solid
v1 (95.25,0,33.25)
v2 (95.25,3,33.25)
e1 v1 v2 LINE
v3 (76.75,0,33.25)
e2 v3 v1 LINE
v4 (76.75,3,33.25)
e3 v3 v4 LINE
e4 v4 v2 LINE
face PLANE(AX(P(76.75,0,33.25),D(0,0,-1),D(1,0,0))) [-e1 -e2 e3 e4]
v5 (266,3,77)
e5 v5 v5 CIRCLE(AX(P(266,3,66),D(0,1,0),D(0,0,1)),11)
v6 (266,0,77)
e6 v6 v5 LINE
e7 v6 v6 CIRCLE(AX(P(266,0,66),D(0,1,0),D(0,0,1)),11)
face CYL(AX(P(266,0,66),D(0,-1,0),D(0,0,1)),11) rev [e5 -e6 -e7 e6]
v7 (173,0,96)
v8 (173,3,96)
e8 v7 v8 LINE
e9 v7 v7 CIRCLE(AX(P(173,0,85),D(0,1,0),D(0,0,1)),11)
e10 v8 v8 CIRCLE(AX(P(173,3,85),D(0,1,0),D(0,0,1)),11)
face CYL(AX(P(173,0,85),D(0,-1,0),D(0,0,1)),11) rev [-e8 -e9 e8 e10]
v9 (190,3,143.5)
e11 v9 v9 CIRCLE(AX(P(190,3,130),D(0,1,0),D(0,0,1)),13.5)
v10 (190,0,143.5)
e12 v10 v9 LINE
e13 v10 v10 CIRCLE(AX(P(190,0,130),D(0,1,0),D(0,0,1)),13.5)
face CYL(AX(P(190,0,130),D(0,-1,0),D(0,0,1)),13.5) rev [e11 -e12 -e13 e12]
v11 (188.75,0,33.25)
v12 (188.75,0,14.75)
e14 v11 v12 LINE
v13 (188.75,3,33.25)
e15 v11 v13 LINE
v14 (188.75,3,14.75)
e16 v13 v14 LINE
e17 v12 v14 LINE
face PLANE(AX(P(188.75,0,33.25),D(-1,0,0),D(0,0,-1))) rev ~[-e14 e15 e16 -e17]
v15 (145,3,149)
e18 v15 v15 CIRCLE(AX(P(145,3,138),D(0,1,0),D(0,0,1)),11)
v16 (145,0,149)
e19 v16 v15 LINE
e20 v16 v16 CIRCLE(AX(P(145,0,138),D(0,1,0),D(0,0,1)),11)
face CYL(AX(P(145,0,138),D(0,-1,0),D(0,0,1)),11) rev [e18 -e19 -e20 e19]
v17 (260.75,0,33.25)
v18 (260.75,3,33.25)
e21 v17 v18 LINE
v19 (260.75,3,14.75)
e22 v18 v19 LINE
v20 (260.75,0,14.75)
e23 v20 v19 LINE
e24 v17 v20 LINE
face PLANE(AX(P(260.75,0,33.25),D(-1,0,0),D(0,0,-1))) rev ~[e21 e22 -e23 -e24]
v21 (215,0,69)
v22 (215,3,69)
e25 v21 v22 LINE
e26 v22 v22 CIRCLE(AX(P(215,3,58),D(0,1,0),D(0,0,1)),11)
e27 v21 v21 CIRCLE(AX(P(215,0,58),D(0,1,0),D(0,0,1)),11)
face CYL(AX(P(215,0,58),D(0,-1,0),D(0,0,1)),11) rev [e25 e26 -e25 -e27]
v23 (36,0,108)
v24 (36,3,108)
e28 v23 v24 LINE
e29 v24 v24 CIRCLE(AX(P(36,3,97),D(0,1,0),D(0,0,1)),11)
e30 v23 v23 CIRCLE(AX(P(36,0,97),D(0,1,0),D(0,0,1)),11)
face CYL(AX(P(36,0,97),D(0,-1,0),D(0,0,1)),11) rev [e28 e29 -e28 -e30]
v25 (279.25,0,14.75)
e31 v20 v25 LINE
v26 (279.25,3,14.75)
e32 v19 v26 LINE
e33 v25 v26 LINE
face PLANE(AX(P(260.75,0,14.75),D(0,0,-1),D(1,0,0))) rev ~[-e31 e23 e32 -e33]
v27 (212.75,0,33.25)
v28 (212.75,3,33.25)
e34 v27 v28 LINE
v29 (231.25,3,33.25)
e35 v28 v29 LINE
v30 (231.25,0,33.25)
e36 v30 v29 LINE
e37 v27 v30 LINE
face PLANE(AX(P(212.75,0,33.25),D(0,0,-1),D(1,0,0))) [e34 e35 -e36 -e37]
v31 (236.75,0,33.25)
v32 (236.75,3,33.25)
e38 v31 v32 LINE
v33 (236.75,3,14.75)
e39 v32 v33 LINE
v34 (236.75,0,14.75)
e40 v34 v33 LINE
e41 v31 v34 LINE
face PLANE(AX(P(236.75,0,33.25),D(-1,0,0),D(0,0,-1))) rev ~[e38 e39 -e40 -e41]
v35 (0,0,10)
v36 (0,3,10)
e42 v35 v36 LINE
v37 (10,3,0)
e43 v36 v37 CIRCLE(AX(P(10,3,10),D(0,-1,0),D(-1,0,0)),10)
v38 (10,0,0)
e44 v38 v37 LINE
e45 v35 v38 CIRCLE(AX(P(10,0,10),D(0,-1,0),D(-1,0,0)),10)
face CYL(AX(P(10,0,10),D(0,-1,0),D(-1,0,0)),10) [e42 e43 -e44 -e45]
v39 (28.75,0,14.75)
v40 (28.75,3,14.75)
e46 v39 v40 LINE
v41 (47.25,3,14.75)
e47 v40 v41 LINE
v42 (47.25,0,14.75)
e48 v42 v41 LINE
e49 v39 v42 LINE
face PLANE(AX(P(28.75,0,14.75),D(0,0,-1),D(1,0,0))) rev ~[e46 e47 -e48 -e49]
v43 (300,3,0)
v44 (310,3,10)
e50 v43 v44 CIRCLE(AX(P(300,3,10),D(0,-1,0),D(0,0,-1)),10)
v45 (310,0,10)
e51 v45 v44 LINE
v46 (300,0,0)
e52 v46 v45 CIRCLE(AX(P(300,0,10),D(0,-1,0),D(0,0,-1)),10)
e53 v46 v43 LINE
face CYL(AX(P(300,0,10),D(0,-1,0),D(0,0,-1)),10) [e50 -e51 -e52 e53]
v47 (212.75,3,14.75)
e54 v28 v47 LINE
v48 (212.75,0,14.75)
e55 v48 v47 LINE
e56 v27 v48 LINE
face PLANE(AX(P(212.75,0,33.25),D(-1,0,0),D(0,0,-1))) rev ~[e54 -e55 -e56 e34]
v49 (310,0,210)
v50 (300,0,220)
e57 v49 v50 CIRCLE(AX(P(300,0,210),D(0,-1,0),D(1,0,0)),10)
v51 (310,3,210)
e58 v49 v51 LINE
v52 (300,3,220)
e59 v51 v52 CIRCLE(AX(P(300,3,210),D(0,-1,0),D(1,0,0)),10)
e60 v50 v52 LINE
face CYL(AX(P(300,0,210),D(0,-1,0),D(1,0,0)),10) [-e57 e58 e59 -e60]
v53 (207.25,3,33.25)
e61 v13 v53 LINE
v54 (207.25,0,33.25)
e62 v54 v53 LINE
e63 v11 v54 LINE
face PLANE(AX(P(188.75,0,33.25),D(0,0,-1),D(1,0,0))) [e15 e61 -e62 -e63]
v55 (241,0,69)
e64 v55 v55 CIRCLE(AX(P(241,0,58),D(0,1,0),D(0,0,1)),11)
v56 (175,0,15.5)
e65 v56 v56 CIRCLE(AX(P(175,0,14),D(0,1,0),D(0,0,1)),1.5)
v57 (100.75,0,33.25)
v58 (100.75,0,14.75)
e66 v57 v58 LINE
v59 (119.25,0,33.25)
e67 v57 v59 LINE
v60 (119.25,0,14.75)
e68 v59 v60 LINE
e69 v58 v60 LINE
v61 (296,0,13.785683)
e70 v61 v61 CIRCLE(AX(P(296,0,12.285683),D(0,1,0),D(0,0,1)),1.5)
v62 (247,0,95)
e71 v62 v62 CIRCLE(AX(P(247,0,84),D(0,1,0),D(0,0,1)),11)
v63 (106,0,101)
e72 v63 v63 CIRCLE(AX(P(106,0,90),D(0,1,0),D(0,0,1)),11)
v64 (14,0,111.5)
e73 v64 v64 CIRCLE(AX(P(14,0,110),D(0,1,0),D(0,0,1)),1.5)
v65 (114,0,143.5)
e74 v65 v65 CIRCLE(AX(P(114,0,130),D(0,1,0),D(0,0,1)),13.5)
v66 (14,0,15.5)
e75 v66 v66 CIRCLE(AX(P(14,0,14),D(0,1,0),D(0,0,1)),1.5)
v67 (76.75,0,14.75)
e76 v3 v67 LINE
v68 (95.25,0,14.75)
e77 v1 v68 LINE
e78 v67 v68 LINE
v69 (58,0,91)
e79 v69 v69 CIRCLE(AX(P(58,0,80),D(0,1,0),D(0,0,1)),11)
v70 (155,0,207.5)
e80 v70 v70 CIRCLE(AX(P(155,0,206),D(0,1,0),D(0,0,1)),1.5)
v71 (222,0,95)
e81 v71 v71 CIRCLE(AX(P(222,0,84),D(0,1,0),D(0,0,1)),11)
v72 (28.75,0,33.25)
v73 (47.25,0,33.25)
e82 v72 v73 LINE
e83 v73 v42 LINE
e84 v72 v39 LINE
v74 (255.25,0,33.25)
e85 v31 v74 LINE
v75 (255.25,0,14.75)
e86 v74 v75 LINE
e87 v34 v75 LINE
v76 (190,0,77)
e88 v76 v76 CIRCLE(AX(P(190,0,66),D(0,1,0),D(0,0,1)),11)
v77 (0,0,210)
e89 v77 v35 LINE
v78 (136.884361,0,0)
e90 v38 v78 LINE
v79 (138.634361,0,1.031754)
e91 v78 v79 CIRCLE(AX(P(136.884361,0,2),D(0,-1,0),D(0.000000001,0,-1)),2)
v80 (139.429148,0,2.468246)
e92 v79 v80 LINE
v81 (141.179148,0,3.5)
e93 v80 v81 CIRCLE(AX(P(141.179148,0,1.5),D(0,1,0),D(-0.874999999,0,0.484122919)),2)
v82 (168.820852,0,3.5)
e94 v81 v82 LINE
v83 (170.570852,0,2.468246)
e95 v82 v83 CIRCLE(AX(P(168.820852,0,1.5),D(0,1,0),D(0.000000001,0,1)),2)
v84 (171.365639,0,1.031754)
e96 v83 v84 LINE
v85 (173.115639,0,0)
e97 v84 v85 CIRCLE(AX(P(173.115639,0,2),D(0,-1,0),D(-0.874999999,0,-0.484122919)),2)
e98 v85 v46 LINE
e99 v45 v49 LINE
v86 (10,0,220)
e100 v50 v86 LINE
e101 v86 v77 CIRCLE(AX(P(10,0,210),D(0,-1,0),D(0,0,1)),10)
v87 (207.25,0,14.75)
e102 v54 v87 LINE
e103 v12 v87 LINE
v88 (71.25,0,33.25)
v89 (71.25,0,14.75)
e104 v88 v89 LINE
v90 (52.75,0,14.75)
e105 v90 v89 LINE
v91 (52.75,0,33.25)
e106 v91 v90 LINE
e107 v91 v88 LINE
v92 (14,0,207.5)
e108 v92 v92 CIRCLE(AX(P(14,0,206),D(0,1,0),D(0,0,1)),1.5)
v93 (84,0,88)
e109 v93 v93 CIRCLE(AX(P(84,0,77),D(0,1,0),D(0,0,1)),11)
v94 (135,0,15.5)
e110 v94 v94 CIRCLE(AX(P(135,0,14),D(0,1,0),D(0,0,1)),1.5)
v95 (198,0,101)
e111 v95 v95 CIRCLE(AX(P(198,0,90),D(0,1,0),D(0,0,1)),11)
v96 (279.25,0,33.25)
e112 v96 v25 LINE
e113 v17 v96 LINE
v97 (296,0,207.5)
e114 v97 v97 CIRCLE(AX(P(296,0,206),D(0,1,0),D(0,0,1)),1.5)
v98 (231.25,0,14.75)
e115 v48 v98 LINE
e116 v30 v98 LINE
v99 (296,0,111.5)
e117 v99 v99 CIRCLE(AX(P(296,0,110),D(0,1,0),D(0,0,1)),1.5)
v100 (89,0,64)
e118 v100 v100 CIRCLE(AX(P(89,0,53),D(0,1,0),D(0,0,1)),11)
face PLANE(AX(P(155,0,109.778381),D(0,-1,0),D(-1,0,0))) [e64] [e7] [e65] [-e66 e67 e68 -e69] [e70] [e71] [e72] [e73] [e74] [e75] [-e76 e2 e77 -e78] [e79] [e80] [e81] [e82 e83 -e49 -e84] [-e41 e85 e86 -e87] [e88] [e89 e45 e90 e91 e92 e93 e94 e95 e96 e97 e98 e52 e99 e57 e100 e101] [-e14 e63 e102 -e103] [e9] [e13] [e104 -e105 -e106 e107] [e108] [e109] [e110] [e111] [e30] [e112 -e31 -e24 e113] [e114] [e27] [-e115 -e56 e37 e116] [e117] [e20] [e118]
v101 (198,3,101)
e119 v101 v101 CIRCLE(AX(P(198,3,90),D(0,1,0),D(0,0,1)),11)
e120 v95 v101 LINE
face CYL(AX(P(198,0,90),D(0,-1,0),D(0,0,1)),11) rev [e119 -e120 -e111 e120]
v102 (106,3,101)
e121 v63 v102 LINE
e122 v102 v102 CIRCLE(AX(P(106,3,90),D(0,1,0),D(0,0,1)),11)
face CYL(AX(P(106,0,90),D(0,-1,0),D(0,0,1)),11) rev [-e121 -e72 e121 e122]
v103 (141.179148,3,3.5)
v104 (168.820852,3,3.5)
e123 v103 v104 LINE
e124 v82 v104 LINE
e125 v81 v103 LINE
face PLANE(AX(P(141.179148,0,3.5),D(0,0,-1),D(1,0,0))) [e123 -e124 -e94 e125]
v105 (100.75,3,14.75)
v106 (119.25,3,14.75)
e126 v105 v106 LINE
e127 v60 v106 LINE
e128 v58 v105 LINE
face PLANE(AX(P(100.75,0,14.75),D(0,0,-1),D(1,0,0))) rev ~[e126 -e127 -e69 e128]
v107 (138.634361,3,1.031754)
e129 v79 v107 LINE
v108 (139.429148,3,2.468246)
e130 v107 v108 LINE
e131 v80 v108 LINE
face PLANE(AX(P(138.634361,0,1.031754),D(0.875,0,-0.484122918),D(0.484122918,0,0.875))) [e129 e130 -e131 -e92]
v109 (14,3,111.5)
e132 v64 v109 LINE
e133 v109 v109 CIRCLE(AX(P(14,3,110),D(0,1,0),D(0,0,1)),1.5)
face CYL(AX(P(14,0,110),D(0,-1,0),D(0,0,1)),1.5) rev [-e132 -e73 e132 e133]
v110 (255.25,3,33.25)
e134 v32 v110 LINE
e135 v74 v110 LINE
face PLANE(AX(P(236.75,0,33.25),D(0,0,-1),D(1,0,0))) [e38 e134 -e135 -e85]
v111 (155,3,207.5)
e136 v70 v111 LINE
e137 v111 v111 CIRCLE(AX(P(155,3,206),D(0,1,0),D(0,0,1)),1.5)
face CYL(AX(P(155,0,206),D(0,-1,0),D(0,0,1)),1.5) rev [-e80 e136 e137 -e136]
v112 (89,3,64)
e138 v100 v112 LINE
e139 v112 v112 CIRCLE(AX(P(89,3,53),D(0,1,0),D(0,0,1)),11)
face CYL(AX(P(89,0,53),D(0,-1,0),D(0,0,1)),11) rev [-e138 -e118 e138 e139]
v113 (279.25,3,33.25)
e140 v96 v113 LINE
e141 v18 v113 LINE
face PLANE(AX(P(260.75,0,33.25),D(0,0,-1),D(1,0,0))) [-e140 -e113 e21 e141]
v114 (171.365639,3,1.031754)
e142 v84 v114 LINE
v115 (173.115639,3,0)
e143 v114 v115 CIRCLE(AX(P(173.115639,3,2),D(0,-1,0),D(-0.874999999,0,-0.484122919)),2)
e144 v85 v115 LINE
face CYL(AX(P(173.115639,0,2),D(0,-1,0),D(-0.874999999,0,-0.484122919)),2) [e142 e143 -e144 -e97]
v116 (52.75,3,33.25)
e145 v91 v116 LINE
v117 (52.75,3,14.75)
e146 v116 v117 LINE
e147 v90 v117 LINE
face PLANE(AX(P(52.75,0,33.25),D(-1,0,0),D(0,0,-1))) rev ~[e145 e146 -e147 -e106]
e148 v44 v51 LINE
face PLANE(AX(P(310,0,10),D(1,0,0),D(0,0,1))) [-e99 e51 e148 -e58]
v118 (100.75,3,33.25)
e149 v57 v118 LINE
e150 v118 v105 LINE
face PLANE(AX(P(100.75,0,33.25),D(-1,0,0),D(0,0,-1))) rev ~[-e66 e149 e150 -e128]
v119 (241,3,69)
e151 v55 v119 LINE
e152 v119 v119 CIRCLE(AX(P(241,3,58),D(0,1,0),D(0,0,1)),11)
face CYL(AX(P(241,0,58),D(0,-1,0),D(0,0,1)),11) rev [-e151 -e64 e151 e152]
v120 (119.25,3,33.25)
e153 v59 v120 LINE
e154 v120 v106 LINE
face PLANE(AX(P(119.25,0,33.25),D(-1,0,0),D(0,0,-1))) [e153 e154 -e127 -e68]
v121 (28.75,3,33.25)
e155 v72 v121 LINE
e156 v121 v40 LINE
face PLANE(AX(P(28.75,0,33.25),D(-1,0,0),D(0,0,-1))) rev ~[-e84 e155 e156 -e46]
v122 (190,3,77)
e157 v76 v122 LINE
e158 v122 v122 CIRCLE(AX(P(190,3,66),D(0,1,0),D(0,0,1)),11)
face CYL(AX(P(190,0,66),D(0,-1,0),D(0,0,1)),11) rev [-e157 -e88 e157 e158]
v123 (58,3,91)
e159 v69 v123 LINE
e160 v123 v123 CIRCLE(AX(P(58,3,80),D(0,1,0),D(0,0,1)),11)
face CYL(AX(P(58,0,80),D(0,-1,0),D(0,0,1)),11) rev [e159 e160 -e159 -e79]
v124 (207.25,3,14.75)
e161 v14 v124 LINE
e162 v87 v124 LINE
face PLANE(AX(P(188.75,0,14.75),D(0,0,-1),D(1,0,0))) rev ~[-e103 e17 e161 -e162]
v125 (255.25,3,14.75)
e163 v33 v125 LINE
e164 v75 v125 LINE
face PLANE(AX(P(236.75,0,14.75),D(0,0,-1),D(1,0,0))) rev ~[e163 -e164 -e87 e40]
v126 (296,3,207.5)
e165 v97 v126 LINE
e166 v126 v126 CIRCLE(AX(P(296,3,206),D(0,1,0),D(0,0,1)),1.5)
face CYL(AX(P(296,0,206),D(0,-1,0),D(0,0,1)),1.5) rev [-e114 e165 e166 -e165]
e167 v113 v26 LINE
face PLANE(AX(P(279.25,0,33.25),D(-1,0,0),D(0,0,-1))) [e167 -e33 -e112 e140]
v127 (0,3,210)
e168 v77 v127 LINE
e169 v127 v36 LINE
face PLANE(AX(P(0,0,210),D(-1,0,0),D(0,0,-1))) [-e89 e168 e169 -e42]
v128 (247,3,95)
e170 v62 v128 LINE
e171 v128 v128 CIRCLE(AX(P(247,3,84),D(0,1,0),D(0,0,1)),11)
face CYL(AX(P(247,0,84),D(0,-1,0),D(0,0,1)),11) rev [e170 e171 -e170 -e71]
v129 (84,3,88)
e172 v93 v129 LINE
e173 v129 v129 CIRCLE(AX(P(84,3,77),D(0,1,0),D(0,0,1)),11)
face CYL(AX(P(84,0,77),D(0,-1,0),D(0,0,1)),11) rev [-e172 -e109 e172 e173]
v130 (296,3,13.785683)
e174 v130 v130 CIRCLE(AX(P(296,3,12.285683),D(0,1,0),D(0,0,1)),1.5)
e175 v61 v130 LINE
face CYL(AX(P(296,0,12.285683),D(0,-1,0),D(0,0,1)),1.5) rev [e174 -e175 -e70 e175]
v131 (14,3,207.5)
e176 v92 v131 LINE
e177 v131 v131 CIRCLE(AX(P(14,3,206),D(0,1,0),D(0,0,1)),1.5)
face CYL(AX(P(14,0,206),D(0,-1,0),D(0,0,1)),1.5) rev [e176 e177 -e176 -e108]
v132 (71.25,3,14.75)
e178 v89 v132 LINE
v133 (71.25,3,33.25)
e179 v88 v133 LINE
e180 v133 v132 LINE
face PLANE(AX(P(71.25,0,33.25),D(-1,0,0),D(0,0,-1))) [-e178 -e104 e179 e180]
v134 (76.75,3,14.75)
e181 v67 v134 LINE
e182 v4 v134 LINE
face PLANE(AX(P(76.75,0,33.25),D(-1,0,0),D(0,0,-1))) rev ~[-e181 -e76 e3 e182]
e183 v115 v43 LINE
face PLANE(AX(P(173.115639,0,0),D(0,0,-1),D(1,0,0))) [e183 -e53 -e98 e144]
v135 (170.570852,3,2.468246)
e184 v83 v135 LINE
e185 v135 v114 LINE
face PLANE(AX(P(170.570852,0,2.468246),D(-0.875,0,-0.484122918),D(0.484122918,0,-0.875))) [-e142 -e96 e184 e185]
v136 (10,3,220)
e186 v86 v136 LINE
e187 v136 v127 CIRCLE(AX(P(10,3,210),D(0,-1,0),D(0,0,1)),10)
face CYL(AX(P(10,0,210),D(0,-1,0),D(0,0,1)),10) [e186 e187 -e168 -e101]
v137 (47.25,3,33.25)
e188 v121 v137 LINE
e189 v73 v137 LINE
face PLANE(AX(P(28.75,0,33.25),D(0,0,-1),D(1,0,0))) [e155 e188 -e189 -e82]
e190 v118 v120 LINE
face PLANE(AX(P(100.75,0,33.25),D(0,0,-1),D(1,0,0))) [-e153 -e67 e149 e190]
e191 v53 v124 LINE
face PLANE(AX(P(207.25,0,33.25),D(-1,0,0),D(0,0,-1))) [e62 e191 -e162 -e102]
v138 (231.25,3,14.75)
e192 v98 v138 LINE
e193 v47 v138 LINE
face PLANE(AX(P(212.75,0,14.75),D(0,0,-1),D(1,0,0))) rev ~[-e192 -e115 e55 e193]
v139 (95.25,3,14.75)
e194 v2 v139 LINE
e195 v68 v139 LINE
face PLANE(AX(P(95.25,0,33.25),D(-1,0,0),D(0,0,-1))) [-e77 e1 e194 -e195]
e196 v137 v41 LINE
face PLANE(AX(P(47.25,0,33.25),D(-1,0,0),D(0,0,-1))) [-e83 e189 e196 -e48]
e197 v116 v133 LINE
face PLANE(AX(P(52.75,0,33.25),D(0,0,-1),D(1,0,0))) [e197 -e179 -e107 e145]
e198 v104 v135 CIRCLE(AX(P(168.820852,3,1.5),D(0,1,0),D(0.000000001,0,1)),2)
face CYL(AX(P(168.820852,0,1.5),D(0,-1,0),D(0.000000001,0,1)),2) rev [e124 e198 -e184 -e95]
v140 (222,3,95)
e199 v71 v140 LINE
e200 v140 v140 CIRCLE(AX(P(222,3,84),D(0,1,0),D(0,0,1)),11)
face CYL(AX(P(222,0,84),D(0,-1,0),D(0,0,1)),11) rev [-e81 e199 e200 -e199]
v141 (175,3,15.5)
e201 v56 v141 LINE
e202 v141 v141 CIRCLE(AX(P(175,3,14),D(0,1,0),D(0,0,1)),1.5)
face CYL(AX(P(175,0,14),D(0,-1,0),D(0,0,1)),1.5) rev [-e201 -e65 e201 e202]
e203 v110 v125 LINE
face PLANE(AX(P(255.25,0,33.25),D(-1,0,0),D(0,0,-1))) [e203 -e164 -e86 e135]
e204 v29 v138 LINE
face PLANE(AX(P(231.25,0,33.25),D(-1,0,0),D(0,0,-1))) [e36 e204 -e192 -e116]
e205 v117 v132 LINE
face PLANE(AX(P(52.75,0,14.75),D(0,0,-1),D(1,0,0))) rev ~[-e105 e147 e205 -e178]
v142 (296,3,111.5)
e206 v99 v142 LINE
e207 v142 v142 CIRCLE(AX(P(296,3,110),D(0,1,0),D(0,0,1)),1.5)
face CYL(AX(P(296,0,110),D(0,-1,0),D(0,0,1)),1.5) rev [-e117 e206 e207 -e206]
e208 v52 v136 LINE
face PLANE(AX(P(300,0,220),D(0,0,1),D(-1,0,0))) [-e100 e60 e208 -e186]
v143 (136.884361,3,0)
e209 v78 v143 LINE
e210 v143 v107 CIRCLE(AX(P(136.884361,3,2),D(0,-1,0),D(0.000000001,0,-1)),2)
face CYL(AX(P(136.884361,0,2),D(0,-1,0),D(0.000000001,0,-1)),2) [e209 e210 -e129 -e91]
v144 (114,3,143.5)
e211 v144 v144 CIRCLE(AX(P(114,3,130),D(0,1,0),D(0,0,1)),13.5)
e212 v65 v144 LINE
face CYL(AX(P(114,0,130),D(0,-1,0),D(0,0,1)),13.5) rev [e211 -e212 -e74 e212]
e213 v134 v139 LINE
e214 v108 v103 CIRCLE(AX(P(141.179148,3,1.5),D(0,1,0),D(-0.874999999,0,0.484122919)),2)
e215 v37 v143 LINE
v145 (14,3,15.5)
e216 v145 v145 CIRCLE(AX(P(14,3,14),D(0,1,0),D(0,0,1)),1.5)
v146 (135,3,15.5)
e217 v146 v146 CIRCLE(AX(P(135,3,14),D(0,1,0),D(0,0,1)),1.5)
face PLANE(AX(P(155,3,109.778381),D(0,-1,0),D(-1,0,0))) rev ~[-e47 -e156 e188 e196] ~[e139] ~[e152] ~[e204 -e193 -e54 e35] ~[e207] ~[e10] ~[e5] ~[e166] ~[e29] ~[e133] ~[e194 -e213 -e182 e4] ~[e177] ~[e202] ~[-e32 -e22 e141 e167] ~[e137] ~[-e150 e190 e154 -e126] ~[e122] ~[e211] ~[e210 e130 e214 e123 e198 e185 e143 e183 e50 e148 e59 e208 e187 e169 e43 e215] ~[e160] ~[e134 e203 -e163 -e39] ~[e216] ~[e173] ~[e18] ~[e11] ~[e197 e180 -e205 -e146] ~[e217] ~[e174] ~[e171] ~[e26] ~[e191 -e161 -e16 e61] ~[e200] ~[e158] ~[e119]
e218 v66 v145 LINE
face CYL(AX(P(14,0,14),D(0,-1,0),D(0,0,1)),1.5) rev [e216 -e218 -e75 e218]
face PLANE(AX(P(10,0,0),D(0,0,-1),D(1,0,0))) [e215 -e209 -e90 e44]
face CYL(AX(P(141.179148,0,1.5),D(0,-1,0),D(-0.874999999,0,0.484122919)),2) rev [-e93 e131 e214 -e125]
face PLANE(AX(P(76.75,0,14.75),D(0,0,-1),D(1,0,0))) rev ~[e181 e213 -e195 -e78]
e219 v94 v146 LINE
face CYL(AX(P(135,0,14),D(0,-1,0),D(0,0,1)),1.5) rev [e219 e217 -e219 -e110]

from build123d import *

# Parameters (mm, degrees)
SKETCH_1_R      = 11
SKETCH_1_R_2    = 1.5
SKETCH_1_R_3    = 13.5
SKETCH_1_W      = 18.5
SKETCH_1_H      = 18.5
EXTRUDE_1_DEPTH = 3


with BuildPart() as part:
    # 草图1 → 凸台-拉伸1 (new body)
    with BuildSketch(Plane(origin=(0, 0, 0), x_dir=(1, 0, 0), z_dir=(0, 1, 0))):
        with BuildLine():
            Line((10, 0), (136.884360712, 0))
            ThreePointArc((136.884360712, 0), (137.900113715, -0.277140216), (138.634360712, -1.031754163))
            Line((138.634360712, -1.031754163), (139.429147615, -2.468245837))
            ThreePointArc((139.429147615, -2.468245837), (140.163394612, -3.222859784), (141.179147615, -3.5))
            Line((141.179147615, -3.5), (168.820852385, -3.5))
            ThreePointArc((168.820852385, -3.5), (169.836605388, -3.222859784), (170.570852385, -2.468245837))
            Line((170.570852385, -2.468245837), (171.365639288, -1.031754163))
            ThreePointArc((171.365639288, -1.031754163), (172.099886285, -0.277140216), (173.115639288, 0))
            Line((173.115639288, 0), (300, 0))
            ThreePointArc((300, 0), (307.071067812, -2.928932188), (310, -10))
            Line((310, -10), (310, -210))
            ThreePointArc((310, -210), (307.071067812, -217.071067812), (300, -220))
            Line((300, -220), (10, -220))
            ThreePointArc((10, -220), (2.928932188, -217.071067812), (0, -210))
            Line((0, -210), (0, -10))
            ThreePointArc((0, -10), (2.928932188, -2.928932188), (10, 0))
        make_face()
        with Locations(Location((173, -85, 0), (0, 0, 270))):
            Circle(SKETCH_1_R, mode=Mode.SUBTRACT)
        with Locations(Location((190, -66, 0), (0, 0, 270))):
            Circle(SKETCH_1_R, mode=Mode.SUBTRACT)
        with Locations(Location((215, -58, 0), (0, 0, 270))):
            Circle(SKETCH_1_R, mode=Mode.SUBTRACT)
        with Locations(Location((222, -84, 0), (0, 0, 270))):
            Circle(SKETCH_1_R, mode=Mode.SUBTRACT)
        with Locations(Location((247, -84, 0), (0, 0, 270))):
            Circle(SKETCH_1_R, mode=Mode.SUBTRACT)
        with Locations(Location((241, -58, 0), (0, 0, 270))):
            Circle(SKETCH_1_R, mode=Mode.SUBTRACT)
        with Locations(Location((14, -14, 0), (0, 0, 270))):
            Circle(SKETCH_1_R_2, mode=Mode.SUBTRACT)
        with Locations(Location((14, -206, 0), (0, 0, 270))):
            Circle(SKETCH_1_R_2, mode=Mode.SUBTRACT)
        with Locations(Location((296, -206, 0), (0, 0, 270))):
            Circle(SKETCH_1_R_2, mode=Mode.SUBTRACT)
        with Locations(Location((296, -12.28568254, 0), (0, 0, 270))):
            Circle(SKETCH_1_R_2, mode=Mode.SUBTRACT)
        with Locations(Location((198, -90, 0), (0, 0, 270))):
            Circle(SKETCH_1_R, mode=Mode.SUBTRACT)
        with Locations(Location((114, -130, 0), (0, 0, 270))):
            Circle(SKETCH_1_R_3, mode=Mode.SUBTRACT)
        with Locations(Location((190, -130, 0), (0, 0, 270))):
            Circle(SKETCH_1_R_3, mode=Mode.SUBTRACT)
        with Locations(Location((155, -206, 0), (0, 0, 270))):
            Circle(SKETCH_1_R_2, mode=Mode.SUBTRACT)
        with Locations(Location((175, -14, 0), (0, 0, 270))):
            Circle(SKETCH_1_R_2, mode=Mode.SUBTRACT)
        with Locations(Location((145, -138, 0), (0, 0, 270))):
            Circle(SKETCH_1_R, mode=Mode.SUBTRACT)
        with Locations(Location((106, -90, 0), (0, 0, 270))):
            Circle(SKETCH_1_R, mode=Mode.SUBTRACT)
        with Locations(Location((84, -77, 0), (0, 0, 270))):
            Circle(SKETCH_1_R, mode=Mode.SUBTRACT)
        with Locations(Location((58, -80, 0), (0, 0, 270))):
            Circle(SKETCH_1_R, mode=Mode.SUBTRACT)
        with Locations(Location((36, -97, 0), (0, 0, 270))):
            Circle(SKETCH_1_R, mode=Mode.SUBTRACT)
        with Locations(Location((89, -53, 0), (0, 0, 270))):
            Circle(SKETCH_1_R, mode=Mode.SUBTRACT)
        with Locations(Location((266, -66, 0), (0, 0, 270))):
            Circle(SKETCH_1_R, mode=Mode.SUBTRACT)
        with Locations(Location((135, -14, 0), (0, 0, 270))):
            Circle(SKETCH_1_R_2, mode=Mode.SUBTRACT)
        with Locations(Location((296, -110, 0), (0, 0, 270))):
            Circle(SKETCH_1_R_2, mode=Mode.SUBTRACT)
        with Locations(Location((14, -110, 0), (0, 0, 270))):
            Circle(SKETCH_1_R_2, mode=Mode.SUBTRACT)
        with Locations((38, -24)):
            Rectangle(SKETCH_1_W, SKETCH_1_H, mode=Mode.SUBTRACT)
        with Locations((62, -24)):
            Rectangle(SKETCH_1_W, SKETCH_1_H, mode=Mode.SUBTRACT)
        with Locations((86, -24)):
            Rectangle(SKETCH_1_W, SKETCH_1_H, mode=Mode.SUBTRACT)
        with Locations((110, -24)):
            Rectangle(SKETCH_1_W, SKETCH_1_H, mode=Mode.SUBTRACT)
        with Locations((198, -24)):
            Rectangle(SKETCH_1_W, SKETCH_1_H, mode=Mode.SUBTRACT)
        with Locations((222, -24)):
            Rectangle(SKETCH_1_W, SKETCH_1_H, mode=Mode.SUBTRACT)
        with Locations((246, -24)):
            Rectangle(SKETCH_1_W, SKETCH_1_H, mode=Mode.SUBTRACT)
        with Locations((270, -24)):
            Rectangle(SKETCH_1_W, SKETCH_1_H, mode=Mode.SUBTRACT)
    extrude(amount=EXTRUDE_1_DEPTH)


solid = part.part
